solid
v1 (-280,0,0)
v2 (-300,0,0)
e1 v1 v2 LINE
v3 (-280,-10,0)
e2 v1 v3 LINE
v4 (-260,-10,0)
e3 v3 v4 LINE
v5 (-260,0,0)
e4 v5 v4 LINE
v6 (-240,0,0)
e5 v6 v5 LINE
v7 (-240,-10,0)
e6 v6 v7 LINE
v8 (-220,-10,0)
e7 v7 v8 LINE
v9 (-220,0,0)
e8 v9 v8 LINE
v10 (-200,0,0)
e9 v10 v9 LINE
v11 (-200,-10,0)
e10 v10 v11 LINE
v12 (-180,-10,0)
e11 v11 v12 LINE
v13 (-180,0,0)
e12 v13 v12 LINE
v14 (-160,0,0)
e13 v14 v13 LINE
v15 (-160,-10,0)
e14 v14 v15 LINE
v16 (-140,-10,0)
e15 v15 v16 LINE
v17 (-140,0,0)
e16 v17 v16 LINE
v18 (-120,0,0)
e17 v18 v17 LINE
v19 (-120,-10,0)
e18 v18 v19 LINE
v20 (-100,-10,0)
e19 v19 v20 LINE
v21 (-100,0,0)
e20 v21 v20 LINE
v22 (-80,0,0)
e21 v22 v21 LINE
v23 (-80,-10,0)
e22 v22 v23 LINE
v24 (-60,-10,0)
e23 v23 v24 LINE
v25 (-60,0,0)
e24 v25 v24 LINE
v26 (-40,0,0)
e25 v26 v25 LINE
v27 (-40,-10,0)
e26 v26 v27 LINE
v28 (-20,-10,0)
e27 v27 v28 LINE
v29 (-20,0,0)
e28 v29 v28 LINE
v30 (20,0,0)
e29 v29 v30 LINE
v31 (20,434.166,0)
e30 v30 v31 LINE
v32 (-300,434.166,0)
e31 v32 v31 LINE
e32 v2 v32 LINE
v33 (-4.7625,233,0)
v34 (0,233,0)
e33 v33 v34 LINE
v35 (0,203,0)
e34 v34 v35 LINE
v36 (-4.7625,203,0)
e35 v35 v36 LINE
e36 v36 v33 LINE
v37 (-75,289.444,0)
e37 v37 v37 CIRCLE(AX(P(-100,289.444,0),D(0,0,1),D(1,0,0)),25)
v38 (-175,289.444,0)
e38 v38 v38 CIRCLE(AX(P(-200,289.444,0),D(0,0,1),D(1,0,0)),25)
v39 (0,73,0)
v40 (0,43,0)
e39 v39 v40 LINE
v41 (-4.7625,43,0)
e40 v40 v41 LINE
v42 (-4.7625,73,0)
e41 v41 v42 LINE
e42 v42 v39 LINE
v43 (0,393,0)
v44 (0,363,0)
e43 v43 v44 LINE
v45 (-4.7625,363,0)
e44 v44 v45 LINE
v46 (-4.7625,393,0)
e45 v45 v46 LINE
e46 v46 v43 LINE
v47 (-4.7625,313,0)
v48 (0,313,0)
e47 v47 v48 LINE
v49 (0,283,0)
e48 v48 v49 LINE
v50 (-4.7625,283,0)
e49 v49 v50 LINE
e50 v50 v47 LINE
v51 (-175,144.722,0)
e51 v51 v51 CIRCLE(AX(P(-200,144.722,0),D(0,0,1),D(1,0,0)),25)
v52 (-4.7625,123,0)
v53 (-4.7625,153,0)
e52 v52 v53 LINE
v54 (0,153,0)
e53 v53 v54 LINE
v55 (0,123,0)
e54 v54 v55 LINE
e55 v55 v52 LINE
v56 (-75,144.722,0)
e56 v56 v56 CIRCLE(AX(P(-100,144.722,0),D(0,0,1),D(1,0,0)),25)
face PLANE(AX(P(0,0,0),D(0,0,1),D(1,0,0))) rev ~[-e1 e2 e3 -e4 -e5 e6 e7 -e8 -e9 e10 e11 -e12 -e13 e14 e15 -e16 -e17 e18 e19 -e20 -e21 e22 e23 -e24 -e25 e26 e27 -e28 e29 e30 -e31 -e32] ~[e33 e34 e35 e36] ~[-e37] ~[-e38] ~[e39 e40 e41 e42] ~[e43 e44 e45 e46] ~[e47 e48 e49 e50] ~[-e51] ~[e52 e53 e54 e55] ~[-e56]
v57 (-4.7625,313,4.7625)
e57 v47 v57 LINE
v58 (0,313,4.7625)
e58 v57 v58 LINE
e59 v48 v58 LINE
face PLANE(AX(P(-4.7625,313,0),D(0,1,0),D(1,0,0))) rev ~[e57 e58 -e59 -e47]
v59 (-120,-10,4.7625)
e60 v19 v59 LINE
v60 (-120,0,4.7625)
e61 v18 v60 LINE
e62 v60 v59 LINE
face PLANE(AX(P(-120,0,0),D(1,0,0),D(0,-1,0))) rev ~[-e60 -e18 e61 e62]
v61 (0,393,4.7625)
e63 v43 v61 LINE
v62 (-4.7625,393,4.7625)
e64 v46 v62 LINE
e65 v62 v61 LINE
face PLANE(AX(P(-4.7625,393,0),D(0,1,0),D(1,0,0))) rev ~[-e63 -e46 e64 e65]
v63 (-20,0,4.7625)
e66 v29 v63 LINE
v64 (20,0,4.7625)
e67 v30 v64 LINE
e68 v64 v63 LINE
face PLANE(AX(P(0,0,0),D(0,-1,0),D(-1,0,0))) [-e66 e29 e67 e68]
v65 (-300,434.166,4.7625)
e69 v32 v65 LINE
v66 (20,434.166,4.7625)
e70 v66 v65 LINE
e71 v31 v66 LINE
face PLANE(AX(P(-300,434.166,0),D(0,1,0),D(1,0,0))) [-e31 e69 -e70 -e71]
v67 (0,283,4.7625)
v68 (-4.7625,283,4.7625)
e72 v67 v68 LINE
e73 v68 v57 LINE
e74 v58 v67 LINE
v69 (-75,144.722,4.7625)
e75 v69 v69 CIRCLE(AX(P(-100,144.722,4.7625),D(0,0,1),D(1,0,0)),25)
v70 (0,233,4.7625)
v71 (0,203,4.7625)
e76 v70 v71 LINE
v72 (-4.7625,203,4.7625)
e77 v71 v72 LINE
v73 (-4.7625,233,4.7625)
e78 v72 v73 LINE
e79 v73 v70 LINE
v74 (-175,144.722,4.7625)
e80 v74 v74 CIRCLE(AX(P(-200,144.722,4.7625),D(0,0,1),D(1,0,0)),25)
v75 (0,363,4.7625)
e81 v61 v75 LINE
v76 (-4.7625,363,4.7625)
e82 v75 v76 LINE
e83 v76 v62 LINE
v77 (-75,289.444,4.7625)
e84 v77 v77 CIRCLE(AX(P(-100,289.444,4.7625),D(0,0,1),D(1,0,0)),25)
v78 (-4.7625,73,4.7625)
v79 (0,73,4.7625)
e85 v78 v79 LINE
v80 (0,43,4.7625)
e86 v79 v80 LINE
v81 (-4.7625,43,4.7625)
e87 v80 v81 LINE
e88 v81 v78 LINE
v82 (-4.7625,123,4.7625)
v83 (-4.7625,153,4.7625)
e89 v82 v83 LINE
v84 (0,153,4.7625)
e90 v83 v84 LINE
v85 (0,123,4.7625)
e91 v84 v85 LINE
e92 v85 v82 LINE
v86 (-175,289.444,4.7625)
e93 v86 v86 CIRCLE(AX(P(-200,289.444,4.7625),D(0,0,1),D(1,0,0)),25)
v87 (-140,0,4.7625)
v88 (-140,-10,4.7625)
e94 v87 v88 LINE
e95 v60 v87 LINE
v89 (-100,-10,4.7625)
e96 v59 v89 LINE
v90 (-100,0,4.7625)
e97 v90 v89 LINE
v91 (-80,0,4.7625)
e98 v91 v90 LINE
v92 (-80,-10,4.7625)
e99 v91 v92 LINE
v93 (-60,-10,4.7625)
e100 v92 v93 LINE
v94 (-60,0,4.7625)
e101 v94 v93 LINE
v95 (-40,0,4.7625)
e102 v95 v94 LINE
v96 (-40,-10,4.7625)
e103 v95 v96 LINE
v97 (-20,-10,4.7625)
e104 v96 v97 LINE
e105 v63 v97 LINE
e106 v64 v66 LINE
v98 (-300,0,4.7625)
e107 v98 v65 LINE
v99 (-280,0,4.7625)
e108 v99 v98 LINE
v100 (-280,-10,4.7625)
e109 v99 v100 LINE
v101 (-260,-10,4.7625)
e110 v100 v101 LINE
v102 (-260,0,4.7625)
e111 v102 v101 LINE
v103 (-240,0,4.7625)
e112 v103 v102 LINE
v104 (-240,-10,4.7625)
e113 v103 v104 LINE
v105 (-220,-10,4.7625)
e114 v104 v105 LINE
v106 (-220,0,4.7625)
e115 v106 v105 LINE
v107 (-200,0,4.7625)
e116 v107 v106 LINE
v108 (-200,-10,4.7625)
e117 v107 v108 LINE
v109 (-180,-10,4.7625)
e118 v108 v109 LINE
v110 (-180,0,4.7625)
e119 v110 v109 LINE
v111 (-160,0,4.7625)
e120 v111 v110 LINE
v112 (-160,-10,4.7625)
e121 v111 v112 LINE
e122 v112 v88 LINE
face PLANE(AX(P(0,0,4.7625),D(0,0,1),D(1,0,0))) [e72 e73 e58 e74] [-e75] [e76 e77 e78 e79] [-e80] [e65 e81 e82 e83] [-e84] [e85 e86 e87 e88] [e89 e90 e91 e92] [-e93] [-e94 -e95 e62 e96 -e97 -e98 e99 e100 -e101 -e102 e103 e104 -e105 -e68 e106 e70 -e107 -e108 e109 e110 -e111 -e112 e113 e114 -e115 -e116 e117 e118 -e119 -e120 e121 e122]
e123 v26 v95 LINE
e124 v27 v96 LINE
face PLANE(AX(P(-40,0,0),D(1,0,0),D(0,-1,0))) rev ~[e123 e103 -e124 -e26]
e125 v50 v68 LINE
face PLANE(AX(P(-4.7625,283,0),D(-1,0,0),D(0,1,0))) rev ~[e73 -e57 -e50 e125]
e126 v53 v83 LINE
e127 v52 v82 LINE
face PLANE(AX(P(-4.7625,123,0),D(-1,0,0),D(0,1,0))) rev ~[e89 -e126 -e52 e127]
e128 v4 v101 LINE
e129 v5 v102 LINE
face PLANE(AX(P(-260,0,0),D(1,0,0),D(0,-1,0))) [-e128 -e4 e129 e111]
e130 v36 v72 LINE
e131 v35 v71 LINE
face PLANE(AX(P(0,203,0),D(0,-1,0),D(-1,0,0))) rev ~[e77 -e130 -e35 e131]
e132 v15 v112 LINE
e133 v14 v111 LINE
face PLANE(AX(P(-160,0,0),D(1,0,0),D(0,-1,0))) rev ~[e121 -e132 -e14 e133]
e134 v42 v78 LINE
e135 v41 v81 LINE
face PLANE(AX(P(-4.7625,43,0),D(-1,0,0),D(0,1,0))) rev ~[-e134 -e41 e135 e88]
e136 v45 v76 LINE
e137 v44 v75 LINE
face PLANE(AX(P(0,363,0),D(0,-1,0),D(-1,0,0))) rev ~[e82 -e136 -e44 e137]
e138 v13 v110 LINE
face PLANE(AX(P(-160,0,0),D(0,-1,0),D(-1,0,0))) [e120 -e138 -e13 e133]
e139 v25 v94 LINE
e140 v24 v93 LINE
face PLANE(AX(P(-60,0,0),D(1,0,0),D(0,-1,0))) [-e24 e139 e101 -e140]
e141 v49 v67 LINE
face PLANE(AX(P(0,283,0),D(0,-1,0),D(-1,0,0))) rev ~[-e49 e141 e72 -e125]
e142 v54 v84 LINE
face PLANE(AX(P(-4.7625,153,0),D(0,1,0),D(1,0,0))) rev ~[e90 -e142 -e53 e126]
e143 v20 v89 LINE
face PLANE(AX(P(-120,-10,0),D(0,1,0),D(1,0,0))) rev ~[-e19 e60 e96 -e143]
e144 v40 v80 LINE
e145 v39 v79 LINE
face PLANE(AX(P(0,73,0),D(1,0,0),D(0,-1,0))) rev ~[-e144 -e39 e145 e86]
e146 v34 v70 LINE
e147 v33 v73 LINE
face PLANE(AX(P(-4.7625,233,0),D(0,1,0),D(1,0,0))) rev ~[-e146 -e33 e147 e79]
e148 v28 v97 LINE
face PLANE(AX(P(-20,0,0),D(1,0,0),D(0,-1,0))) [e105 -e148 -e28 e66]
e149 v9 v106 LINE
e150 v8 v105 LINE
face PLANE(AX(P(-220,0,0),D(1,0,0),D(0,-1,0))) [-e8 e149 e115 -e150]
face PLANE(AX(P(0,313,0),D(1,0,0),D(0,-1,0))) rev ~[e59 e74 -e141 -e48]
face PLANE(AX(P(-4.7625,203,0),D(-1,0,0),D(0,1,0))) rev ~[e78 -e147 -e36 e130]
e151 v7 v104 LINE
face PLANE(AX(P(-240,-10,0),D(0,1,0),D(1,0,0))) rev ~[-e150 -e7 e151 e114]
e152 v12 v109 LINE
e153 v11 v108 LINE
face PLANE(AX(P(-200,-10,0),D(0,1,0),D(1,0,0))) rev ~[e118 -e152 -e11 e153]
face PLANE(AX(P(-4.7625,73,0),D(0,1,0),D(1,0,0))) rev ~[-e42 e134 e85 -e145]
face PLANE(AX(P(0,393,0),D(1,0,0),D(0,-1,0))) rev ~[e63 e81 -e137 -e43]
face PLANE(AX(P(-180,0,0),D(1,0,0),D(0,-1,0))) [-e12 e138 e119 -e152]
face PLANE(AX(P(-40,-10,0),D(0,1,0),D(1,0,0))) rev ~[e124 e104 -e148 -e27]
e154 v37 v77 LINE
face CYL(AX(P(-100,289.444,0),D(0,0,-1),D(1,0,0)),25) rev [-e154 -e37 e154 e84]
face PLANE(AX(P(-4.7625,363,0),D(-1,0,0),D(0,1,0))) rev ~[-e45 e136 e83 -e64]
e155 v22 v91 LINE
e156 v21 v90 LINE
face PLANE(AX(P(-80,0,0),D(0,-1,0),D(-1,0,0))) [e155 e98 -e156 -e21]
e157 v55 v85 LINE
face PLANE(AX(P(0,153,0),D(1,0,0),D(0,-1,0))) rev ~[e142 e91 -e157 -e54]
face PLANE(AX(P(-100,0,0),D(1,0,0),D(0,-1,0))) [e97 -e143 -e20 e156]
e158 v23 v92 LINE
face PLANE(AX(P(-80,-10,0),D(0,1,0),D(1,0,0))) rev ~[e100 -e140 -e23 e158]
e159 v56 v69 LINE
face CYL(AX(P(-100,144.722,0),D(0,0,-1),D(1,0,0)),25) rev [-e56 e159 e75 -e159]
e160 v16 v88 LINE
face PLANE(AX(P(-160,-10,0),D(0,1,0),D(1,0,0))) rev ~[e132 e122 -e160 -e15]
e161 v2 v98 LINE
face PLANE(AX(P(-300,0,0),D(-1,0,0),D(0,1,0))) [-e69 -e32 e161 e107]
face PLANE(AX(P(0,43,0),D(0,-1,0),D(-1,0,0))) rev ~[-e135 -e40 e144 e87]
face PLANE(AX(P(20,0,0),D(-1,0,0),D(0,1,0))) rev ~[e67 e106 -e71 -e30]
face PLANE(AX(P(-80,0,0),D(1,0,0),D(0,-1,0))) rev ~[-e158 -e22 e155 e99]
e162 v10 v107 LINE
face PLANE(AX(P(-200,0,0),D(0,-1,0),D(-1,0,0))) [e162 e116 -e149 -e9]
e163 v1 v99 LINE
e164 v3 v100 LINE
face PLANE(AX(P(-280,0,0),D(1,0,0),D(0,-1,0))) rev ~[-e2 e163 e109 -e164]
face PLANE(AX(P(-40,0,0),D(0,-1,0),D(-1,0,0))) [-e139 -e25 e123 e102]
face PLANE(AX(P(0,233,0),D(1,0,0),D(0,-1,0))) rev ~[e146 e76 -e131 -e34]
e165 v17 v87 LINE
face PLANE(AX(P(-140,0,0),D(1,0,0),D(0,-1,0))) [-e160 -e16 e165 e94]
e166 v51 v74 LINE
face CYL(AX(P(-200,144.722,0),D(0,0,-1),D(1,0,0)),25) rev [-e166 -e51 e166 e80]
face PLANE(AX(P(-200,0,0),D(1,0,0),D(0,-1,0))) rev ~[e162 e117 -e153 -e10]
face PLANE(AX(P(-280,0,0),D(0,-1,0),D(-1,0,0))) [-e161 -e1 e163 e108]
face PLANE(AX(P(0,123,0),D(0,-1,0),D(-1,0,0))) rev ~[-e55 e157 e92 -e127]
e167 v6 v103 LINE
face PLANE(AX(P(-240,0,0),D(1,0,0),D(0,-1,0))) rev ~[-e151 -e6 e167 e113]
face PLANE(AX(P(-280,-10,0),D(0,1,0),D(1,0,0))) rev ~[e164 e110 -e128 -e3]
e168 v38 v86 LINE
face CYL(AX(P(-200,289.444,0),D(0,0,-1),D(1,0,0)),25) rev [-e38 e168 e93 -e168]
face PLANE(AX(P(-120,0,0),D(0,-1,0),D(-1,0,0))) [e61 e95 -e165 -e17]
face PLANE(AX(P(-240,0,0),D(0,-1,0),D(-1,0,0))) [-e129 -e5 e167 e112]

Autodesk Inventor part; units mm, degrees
ref_plane "YZ Plane" through (0, 0, 0) normal (1, 0, 0) x (0, 1, 0)
ref_plane "XZ Plane" through (0, 0, 0) normal (0, 1, 0) x (-1, 0, 0)
ref_plane "XY Plane" through (0, 0, 0) normal (0, 0, 1) x (1, 0, 0)
ref_plane "Work Plane1" through (0, 0, 0) normal (0, 0, 1) x (1, 0, 0)
sketch "Sketch1" plane through (0, 0, 0) normal (0, 0, 1) x (1, 0, 0)
  line L0 (0, 0) -> (-300, 0)
  line L1 (-300, 0) -> (-300, 434.166)
  line L2 (-300, 434.166) -> (0, 434.166)
  line L3 (0, 434.166) -> (0, 0)
  line L4 (0, 0) -> (20, 0)
  line L5 (20, 0) -> (20, 434.166)
  line L6 (20, 434.166) -> (0, 434.166)
  line L7 (0, 434.166) -> (0, 0)
  line L8 (0, 43) -> (-4.7625, 43)
  line L9 (-4.7625, 43) -> (-4.7625, 73)
  line L10 (-4.7625, 73) -> (0, 73)
  line L11 (0, 73) -> (0, 43)
  line L12 (0, 123) -> (-4.7625, 123)
  line L13 (-4.7625, 123) -> (-4.7625, 153)
  line L14 (-4.7625, 153) -> (0, 153)
  line L15 (0, 153) -> (0, 123)
  line L16 (0, 203) -> (-4.7625, 203)
  line L17 (-4.7625, 203) -> (-4.7625, 233)
  line L18 (-4.7625, 233) -> (0, 233)
  line L19 (0, 233) -> (0, 203)
  line L20 (0, 283) -> (-4.7625, 283)
  line L21 (-4.7625, 283) -> (-4.7625, 313)
  line L22 (-4.7625, 313) -> (0, 313)
  line L23 (0, 313) -> (0, 283)
  line L24 (0, 363) -> (-4.7625, 363)
  line L25 (-4.7625, 363) -> (-4.7625, 393)
  line L26 (-4.7625, 393) -> (0, 393)
  line L27 (0, 393) -> (0, 363)
  line L28 (0, 0) -> (-20, 0)
  line L29 (-20, 0) -> (-20, -10)
  line L30 (-20, -10) -> (0, -10)
  line L31 (0, -10) -> (0, 0)
  line L32 (-20, 0) -> (-40, 0)
  line L33 (-40, 0) -> (-40, -10)
  line L34 (-40, -10) -> (-20, -10)
  line L35 (-20, -10) -> (-20, 0)
  line L36 (-40, 0) -> (-60, 0)
  line L37 (-60, 0) -> (-60, -10)
  line L38 (-60, -10) -> (-40, -10)
  line L39 (-40, -10) -> (-40, 0)
  line L40 (-60, 0) -> (-80, 0)
  line L41 (-80, 0) -> (-80, -10)
  line L42 (-80, -10) -> (-60, -10)
  line L43 (-60, -10) -> (-60, 0)
  line L44 (-80, 0) -> (-100, 0)
  line L45 (-100, 0) -> (-100, -10)
  line L46 (-100, -10) -> (-80, -10)
  line L47 (-80, -10) -> (-80, 0)
  line L48 (-100, 0) -> (-120, 0)
  line L49 (-120, 0) -> (-120, -10)
  line L50 (-120, -10) -> (-100, -10)
  line L51 (-100, -10) -> (-100, 0)
  line L52 (-120, 0) -> (-140, 0)
  line L53 (-140, 0) -> (-140, -10)
  line L54 (-140, -10) -> (-120, -10)
  line L55 (-120, -10) -> (-120, 0)
  line L56 (-140, 0) -> (-160, 0)
  line L57 (-160, 0) -> (-160, -10)
  line L58 (-160, -10) -> (-140, -10)
  line L59 (-140, -10) -> (-140, 0)
  line L60 (-160, 0) -> (-180, 0)
  line L61 (-180, 0) -> (-180, -10)
  line L62 (-180, -10) -> (-160, -10)
  line L63 (-160, -10) -> (-160, 0)
  line L64 (-180, 0) -> (-200, 0)
  line L65 (-200, 0) -> (-200, -10)
  line L66 (-200, -10) -> (-180, -10)
  line L67 (-180, -10) -> (-180, 0)
  line L68 (-200, 0) -> (-220, 0)
  line L69 (-220, 0) -> (-220, -10)
  line L70 (-220, -10) -> (-200, -10)
  line L71 (-200, -10) -> (-200, 0)
  line L72 (-220, 0) -> (-240, 0)
  line L73 (-240, 0) -> (-240, -10)
  line L74 (-240, -10) -> (-220, -10)
  line L75 (-220, -10) -> (-220, 0)
  line L76 (-240, 0) -> (-260, 0)
  line L77 (-260, 0) -> (-260, -10)
  line L78 (-260, -10) -> (-240, -10)
  line L79 (-240, -10) -> (-240, 0)
  line L80 (-260, 0) -> (-280, 0)
  line L81 (-280, 0) -> (-280, -10)
  line L82 (-280, -10) -> (-260, -10)
  line L83 (-260, -10) -> (-260, 0)
  line L84 (-280, 0) -> (-300, 0)
  line L85 (-300, 0) -> (-300, -10)
  line L86 (-300, -10) -> (-280, -10)
  line L87 (-280, -10) -> (-280, 0)
  circle A0 centre (-200, 289.444) radius 25
  circle A1 centre (-200, 144.722) radius 25
  circle A2 centre (-100, 289.444) radius 25
  circle A3 centre (-100, 144.722) radius 25
  point P0 (10, 434.166)
  point P1 (10, 0)
  point P2 (-2.3813, 43)
  point P3 (0, 73)
  dimension "d0" = 300
  dimension "d2" = 434.166
  dimension "d3" = 20
  dimension "d4" = 434.166
  dimension "d5" = 4.7625
  dimension "d6" = 30
  dimension "d8" = 4.7625
  dimension "d9" = 30
  dimension "d10" = 4.7625
  dimension "d16" = 4.7625
  dimension "d18" = 4.7625
  dimension "d19" = 30
  dimension "d22" = 50
  dimension "d23" = 50
  dimension "d24" = 50
  dimension "d25" = 50
  dimension "d28" = 43
  dimension "d30" = 30
  dimension "d31" = 30
  dimension "d32" = 20
  dimension "d33" = 10
  dimension "d34" = 20
  dimension "d35" = 10
  dimension "d36" = 20
  dimension "d37" = 20
  dimension "d38" = 20
  dimension "d39" = 20
  dimension "d40" = 20
  dimension "d41" = 20
  dimension "d42" = 20
  dimension "d43" = 20
  dimension "d44" = 20
  dimension "d45" = 20
  dimension "d46" = 20
  dimension "d47" = 20
  dimension "d48" = 20
  dimension "d51" = 50
  dimension "d52" = 50
  dimension "d53" = 50
  dimension "d54" = 50
  dimension "d55" = 200
  dimension "d56" = 100
  dimension "d57" = 100
  dimension "d58" = 200
  dimension "d59" = 144.722
  dimension "d60" = 144.722
  dimension "d61" = 144.722
  dimension "d62" = 144.722
extrude "Extrusion1" add sketch "Sketch1" along normal blind 4.7625 contours L0 L1 L2 L3 L26 L25 L24 L22 L21 L20 L18 L17 L16 L14 L13 L12 L10 L9 L8 | L3 L6 L5 L4 | L29 L34 L33 L0 | L37 L42 L41 L0 | L45 L50 L49 L0 | L0 L77 L82 L81 | L53 L58 L57 L0 | L0 L69 L74 L73 | L61 L66 L65 L0
sketch "Sketch2" plane through (0, 0, 0) normal (0, 0, -1) x (-1, 0, 0)
  point P0 (0, 0)
properties part number "left back" material "foam core"
